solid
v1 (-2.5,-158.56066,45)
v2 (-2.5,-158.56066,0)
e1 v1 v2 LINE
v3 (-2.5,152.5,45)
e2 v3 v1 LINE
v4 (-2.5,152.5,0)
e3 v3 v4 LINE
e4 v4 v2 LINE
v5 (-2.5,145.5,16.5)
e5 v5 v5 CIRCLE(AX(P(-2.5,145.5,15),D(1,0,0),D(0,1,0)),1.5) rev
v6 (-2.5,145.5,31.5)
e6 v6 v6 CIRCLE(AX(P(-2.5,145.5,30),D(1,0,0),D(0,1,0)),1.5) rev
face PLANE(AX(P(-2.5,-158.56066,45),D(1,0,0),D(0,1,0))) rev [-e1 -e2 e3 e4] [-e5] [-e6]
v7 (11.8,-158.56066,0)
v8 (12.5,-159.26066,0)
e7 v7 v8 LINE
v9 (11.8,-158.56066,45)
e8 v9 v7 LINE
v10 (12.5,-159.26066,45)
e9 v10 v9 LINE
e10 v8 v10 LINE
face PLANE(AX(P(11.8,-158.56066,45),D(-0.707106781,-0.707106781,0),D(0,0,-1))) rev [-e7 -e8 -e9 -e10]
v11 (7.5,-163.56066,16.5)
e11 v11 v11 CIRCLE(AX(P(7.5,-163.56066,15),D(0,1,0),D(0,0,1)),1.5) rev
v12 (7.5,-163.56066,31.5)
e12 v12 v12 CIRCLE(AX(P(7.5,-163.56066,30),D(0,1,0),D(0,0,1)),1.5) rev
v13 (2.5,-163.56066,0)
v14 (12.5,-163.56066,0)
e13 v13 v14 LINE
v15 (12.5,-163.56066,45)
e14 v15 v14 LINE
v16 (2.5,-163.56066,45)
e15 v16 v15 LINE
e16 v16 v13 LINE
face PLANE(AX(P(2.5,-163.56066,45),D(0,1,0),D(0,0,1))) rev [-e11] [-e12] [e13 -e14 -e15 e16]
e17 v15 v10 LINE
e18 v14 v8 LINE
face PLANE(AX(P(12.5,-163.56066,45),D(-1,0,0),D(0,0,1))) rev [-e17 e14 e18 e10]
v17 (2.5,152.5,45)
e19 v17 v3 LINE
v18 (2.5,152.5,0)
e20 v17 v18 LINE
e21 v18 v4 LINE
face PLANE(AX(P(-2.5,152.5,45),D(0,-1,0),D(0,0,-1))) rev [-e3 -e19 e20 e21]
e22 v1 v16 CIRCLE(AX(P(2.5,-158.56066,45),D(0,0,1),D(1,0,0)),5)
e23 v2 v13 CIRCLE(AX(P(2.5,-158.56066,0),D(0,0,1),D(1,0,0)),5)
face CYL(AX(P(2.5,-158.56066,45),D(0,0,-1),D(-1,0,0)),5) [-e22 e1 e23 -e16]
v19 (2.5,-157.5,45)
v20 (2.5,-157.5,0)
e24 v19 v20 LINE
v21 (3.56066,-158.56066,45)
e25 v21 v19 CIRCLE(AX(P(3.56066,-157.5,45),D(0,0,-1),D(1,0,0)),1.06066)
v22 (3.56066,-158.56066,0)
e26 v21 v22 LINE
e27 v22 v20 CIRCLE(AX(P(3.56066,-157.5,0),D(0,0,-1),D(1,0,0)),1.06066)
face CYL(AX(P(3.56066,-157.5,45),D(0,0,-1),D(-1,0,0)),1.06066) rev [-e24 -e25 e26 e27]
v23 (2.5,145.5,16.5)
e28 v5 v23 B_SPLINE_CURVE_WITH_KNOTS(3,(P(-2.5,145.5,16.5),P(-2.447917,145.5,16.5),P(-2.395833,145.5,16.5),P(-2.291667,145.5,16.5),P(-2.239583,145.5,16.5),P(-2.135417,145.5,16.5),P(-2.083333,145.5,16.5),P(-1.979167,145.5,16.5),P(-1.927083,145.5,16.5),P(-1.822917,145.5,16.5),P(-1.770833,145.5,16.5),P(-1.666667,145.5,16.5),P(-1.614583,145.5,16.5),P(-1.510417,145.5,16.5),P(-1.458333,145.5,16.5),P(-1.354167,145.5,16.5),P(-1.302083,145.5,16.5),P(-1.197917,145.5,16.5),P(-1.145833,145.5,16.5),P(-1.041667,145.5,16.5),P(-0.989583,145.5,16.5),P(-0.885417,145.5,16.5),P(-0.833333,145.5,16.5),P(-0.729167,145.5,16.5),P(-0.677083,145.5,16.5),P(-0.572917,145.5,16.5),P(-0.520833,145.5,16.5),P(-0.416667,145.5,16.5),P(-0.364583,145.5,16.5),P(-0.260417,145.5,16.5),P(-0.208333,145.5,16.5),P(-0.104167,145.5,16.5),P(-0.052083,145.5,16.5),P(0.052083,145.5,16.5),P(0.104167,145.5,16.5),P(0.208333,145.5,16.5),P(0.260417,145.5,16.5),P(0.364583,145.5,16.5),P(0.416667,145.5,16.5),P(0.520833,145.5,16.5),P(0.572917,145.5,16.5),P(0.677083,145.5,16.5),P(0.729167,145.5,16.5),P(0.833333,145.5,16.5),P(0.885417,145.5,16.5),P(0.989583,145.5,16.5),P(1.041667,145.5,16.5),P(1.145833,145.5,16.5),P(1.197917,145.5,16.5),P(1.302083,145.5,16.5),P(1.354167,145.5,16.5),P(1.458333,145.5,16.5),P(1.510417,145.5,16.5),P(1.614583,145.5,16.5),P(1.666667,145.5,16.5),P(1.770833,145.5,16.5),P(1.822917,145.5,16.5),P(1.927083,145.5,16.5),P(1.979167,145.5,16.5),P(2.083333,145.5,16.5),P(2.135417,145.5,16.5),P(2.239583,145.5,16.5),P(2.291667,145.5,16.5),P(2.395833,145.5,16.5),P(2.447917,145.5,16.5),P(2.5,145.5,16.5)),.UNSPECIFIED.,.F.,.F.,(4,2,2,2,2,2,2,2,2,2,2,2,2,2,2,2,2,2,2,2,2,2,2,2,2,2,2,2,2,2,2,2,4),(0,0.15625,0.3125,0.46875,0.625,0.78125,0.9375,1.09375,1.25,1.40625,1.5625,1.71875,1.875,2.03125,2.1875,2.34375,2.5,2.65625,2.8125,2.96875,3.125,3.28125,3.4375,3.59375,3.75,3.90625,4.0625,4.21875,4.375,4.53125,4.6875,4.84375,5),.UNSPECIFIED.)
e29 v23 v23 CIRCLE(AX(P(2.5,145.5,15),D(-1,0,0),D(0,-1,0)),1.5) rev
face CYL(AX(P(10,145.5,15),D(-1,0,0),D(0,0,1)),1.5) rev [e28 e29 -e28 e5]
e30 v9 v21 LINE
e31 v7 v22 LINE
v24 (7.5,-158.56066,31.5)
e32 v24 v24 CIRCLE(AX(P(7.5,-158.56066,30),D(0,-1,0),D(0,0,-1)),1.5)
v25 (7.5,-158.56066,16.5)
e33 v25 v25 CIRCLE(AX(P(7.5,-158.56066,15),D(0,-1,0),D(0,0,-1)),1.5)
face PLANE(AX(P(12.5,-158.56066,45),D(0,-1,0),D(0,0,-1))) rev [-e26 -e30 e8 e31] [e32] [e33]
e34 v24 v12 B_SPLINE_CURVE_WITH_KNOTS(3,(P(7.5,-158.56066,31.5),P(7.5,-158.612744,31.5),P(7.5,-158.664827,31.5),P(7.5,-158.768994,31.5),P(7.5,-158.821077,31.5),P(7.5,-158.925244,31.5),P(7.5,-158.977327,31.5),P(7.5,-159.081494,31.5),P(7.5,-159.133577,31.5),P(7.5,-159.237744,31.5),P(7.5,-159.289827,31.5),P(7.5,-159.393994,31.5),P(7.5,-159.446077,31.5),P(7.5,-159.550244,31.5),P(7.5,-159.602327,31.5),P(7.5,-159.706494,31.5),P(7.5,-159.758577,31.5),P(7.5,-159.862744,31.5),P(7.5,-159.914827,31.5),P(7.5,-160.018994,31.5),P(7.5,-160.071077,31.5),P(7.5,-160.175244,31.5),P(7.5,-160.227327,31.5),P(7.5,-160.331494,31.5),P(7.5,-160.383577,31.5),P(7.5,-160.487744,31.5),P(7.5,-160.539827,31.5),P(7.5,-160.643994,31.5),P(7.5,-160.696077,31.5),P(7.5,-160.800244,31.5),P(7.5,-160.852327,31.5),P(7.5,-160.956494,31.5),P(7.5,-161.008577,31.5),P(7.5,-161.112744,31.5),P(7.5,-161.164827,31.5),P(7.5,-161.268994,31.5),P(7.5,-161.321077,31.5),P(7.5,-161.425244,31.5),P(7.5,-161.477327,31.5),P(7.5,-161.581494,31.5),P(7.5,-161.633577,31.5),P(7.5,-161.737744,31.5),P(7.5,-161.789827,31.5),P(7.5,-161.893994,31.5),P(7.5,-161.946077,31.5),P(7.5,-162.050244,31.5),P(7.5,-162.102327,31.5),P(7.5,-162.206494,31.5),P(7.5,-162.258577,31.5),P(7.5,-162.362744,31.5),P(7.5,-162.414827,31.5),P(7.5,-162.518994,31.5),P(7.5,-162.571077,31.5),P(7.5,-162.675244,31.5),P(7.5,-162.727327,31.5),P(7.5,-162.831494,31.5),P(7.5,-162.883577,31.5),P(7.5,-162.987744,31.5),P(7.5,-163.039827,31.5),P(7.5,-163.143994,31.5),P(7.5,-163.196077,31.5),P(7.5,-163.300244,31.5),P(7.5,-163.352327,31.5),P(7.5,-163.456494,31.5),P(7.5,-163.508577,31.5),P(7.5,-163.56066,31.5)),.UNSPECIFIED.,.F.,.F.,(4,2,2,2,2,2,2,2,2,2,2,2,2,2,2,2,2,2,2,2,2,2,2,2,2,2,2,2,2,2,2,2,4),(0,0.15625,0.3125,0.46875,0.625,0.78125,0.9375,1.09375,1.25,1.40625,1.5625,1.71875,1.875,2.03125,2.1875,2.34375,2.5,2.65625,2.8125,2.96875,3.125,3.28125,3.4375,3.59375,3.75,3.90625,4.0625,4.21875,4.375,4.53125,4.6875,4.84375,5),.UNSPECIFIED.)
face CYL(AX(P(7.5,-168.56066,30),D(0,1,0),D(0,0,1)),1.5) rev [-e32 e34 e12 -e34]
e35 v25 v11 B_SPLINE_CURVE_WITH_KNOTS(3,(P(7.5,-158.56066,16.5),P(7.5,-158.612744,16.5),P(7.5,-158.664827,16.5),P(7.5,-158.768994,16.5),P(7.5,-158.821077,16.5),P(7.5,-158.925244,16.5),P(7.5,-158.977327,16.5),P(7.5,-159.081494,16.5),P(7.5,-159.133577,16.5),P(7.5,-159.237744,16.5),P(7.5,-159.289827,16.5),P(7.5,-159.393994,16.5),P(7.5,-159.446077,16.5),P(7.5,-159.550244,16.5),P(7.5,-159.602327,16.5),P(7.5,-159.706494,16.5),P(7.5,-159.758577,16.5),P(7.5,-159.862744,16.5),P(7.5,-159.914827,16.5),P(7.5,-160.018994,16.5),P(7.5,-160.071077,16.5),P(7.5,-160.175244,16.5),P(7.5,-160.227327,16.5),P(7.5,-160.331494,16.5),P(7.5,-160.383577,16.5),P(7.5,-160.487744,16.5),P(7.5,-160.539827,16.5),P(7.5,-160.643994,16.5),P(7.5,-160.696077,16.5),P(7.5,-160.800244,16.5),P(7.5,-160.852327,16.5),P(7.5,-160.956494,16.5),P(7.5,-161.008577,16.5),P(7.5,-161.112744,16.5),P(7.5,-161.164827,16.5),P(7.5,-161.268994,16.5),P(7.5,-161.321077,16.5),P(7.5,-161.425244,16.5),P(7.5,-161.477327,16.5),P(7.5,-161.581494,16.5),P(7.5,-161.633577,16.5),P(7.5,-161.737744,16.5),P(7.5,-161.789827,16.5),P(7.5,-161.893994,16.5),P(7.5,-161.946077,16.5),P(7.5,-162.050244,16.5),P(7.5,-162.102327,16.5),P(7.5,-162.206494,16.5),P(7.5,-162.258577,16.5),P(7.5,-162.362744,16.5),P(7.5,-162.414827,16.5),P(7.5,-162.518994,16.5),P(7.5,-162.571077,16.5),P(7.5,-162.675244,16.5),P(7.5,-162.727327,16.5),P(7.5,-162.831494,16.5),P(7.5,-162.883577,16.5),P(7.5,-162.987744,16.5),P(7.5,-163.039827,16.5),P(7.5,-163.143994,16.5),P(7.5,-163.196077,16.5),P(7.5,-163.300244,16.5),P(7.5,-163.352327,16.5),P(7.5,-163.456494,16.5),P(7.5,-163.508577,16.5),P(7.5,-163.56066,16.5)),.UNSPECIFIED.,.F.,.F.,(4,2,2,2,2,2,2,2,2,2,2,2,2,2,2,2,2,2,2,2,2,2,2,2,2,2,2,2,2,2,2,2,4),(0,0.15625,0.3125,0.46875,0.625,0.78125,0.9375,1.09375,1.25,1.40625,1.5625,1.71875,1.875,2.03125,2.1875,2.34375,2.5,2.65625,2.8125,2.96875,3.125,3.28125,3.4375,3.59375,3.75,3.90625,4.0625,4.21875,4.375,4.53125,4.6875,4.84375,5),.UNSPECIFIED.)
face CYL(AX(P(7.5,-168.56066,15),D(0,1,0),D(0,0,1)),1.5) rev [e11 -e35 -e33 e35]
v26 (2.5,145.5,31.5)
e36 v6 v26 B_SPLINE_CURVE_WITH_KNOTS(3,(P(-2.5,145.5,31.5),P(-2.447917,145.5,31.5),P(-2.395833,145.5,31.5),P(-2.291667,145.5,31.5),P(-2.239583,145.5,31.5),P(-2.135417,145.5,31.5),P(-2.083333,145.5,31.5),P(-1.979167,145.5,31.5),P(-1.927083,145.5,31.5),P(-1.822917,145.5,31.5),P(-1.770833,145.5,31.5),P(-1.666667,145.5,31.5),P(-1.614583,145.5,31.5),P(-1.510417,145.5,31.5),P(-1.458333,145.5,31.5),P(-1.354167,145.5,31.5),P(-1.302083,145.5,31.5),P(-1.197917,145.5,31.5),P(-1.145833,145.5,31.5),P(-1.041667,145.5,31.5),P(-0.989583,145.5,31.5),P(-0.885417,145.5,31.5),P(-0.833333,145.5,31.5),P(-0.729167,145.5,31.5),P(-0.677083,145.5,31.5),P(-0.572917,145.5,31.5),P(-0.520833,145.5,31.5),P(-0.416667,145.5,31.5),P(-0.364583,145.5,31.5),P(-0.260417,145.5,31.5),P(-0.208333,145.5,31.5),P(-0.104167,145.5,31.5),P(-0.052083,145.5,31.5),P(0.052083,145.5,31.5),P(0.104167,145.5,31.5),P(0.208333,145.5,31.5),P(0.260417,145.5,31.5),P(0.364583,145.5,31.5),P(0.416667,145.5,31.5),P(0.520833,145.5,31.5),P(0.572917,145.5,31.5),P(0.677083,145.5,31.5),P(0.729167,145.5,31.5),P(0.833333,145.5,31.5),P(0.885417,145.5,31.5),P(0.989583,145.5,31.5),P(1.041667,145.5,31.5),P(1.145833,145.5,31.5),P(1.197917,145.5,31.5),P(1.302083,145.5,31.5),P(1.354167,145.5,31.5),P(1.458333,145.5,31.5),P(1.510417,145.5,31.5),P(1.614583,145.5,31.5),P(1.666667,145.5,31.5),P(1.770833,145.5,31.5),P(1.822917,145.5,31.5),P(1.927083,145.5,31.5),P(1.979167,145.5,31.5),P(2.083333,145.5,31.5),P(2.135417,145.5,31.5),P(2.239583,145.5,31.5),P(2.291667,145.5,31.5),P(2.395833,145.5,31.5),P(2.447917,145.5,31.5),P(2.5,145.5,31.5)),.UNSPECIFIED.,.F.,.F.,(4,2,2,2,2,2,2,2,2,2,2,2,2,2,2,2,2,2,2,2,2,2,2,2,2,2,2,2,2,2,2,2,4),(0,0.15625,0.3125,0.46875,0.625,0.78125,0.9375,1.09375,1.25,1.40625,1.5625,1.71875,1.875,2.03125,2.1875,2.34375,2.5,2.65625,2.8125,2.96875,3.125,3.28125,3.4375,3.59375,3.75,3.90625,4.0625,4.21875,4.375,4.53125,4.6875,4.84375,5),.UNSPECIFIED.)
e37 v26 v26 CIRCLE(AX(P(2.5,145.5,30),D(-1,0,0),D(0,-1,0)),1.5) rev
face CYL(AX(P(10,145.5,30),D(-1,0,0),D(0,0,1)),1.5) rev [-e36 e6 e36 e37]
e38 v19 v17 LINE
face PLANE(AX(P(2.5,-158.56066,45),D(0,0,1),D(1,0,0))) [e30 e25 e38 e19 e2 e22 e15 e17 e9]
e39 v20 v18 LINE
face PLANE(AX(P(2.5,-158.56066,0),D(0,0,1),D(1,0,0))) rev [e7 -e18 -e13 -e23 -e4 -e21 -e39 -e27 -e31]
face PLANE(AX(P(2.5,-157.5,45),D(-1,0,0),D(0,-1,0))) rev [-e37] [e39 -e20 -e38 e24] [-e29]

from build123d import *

# Parameters (mm, degrees)
BOSS_EXTRUDE1_DEPTH     = 45
CUT_EXTRUDE1_START      = -158.56066
SKETCH2_R               = 1.5
CUT_EXTRUDE1_DEPTH      = 10
CUT_EXTRUDE2_DEPTH      = 10
CUT_EXTRUDE2_DEPTH_BACK = 10
SKETCH3_R               = 1.5
CHAMFER1_SIZE           = 0.7


with BuildPart() as part:
    # Sketch1 → Boss-Extrude1 (new body)
    with BuildSketch(Plane.XY):
        with BuildLine():
            Line((2.5, -163.560660172), (12.5, -163.560660172))
            Line((12.5, -163.560660172), (12.5, -158.560660172))
            Line((12.5, -158.560660172), (3.560660172, -158.560660172))
            ThreePointArc((3.560660172, -158.560660172), (2.810660172, -158.25), (2.5, -157.5))
            Line((2.5, -157.5), (2.5, 152.5))
            Line((2.5, 152.5), (-2.5, 152.5))
            Line((-2.5, 152.5), (-2.5, -158.560660172))
            ThreePointArc((-2.5, -158.560660172), (-1.035533906, -162.096194078), (2.5, -163.560660172))
        make_face()
    extrude(amount=BOSS_EXTRUDE1_DEPTH)

    # Sketch2 → Cut-Extrude1 (cut)
    with BuildSketch(Plane(origin=(0, 0, 0), x_dir=(1, 0, 0), z_dir=(0, 1, 0)).offset(CUT_EXTRUDE1_START)):
        with Locations(Location((7.5, -15, 0), (0, 0, 270))):
            Circle(SKETCH2_R)
        with Locations(Location((7.5, -30, 0), (0, 0, 270))):
            Circle(SKETCH2_R)
    extrude(amount=-CUT_EXTRUDE1_DEPTH, mode=Mode.SUBTRACT)

    # Sketch3 → Cut-Extrude2 (cut, two sides: drawn at the far end of the back side and taken through both)
    with BuildSketch(Plane(origin=(0, 0, 0), x_dir=(0, 0, -1), z_dir=(1, 0, 0)).offset(-CUT_EXTRUDE2_DEPTH_BACK)):
        with Locations(Location((-15, 145.5, 0), (0, 0, 180))):
            Circle(SKETCH3_R)
        with Locations(Location((-30, 145.5, 0), (0, 0, 180))):
            Circle(SKETCH3_R)
    extrude(amount=CUT_EXTRUDE2_DEPTH + CUT_EXTRUDE2_DEPTH_BACK, mode=Mode.SUBTRACT)

    # Chamfer1
    chamfer1_edges = [part.edges().sort_by_distance(p)[0] for p in [
        (12.5, -158.560660172, 22.5),
    ]]
    chamfer(chamfer1_edges, length=CHAMFER1_SIZE)


solid = part.part
